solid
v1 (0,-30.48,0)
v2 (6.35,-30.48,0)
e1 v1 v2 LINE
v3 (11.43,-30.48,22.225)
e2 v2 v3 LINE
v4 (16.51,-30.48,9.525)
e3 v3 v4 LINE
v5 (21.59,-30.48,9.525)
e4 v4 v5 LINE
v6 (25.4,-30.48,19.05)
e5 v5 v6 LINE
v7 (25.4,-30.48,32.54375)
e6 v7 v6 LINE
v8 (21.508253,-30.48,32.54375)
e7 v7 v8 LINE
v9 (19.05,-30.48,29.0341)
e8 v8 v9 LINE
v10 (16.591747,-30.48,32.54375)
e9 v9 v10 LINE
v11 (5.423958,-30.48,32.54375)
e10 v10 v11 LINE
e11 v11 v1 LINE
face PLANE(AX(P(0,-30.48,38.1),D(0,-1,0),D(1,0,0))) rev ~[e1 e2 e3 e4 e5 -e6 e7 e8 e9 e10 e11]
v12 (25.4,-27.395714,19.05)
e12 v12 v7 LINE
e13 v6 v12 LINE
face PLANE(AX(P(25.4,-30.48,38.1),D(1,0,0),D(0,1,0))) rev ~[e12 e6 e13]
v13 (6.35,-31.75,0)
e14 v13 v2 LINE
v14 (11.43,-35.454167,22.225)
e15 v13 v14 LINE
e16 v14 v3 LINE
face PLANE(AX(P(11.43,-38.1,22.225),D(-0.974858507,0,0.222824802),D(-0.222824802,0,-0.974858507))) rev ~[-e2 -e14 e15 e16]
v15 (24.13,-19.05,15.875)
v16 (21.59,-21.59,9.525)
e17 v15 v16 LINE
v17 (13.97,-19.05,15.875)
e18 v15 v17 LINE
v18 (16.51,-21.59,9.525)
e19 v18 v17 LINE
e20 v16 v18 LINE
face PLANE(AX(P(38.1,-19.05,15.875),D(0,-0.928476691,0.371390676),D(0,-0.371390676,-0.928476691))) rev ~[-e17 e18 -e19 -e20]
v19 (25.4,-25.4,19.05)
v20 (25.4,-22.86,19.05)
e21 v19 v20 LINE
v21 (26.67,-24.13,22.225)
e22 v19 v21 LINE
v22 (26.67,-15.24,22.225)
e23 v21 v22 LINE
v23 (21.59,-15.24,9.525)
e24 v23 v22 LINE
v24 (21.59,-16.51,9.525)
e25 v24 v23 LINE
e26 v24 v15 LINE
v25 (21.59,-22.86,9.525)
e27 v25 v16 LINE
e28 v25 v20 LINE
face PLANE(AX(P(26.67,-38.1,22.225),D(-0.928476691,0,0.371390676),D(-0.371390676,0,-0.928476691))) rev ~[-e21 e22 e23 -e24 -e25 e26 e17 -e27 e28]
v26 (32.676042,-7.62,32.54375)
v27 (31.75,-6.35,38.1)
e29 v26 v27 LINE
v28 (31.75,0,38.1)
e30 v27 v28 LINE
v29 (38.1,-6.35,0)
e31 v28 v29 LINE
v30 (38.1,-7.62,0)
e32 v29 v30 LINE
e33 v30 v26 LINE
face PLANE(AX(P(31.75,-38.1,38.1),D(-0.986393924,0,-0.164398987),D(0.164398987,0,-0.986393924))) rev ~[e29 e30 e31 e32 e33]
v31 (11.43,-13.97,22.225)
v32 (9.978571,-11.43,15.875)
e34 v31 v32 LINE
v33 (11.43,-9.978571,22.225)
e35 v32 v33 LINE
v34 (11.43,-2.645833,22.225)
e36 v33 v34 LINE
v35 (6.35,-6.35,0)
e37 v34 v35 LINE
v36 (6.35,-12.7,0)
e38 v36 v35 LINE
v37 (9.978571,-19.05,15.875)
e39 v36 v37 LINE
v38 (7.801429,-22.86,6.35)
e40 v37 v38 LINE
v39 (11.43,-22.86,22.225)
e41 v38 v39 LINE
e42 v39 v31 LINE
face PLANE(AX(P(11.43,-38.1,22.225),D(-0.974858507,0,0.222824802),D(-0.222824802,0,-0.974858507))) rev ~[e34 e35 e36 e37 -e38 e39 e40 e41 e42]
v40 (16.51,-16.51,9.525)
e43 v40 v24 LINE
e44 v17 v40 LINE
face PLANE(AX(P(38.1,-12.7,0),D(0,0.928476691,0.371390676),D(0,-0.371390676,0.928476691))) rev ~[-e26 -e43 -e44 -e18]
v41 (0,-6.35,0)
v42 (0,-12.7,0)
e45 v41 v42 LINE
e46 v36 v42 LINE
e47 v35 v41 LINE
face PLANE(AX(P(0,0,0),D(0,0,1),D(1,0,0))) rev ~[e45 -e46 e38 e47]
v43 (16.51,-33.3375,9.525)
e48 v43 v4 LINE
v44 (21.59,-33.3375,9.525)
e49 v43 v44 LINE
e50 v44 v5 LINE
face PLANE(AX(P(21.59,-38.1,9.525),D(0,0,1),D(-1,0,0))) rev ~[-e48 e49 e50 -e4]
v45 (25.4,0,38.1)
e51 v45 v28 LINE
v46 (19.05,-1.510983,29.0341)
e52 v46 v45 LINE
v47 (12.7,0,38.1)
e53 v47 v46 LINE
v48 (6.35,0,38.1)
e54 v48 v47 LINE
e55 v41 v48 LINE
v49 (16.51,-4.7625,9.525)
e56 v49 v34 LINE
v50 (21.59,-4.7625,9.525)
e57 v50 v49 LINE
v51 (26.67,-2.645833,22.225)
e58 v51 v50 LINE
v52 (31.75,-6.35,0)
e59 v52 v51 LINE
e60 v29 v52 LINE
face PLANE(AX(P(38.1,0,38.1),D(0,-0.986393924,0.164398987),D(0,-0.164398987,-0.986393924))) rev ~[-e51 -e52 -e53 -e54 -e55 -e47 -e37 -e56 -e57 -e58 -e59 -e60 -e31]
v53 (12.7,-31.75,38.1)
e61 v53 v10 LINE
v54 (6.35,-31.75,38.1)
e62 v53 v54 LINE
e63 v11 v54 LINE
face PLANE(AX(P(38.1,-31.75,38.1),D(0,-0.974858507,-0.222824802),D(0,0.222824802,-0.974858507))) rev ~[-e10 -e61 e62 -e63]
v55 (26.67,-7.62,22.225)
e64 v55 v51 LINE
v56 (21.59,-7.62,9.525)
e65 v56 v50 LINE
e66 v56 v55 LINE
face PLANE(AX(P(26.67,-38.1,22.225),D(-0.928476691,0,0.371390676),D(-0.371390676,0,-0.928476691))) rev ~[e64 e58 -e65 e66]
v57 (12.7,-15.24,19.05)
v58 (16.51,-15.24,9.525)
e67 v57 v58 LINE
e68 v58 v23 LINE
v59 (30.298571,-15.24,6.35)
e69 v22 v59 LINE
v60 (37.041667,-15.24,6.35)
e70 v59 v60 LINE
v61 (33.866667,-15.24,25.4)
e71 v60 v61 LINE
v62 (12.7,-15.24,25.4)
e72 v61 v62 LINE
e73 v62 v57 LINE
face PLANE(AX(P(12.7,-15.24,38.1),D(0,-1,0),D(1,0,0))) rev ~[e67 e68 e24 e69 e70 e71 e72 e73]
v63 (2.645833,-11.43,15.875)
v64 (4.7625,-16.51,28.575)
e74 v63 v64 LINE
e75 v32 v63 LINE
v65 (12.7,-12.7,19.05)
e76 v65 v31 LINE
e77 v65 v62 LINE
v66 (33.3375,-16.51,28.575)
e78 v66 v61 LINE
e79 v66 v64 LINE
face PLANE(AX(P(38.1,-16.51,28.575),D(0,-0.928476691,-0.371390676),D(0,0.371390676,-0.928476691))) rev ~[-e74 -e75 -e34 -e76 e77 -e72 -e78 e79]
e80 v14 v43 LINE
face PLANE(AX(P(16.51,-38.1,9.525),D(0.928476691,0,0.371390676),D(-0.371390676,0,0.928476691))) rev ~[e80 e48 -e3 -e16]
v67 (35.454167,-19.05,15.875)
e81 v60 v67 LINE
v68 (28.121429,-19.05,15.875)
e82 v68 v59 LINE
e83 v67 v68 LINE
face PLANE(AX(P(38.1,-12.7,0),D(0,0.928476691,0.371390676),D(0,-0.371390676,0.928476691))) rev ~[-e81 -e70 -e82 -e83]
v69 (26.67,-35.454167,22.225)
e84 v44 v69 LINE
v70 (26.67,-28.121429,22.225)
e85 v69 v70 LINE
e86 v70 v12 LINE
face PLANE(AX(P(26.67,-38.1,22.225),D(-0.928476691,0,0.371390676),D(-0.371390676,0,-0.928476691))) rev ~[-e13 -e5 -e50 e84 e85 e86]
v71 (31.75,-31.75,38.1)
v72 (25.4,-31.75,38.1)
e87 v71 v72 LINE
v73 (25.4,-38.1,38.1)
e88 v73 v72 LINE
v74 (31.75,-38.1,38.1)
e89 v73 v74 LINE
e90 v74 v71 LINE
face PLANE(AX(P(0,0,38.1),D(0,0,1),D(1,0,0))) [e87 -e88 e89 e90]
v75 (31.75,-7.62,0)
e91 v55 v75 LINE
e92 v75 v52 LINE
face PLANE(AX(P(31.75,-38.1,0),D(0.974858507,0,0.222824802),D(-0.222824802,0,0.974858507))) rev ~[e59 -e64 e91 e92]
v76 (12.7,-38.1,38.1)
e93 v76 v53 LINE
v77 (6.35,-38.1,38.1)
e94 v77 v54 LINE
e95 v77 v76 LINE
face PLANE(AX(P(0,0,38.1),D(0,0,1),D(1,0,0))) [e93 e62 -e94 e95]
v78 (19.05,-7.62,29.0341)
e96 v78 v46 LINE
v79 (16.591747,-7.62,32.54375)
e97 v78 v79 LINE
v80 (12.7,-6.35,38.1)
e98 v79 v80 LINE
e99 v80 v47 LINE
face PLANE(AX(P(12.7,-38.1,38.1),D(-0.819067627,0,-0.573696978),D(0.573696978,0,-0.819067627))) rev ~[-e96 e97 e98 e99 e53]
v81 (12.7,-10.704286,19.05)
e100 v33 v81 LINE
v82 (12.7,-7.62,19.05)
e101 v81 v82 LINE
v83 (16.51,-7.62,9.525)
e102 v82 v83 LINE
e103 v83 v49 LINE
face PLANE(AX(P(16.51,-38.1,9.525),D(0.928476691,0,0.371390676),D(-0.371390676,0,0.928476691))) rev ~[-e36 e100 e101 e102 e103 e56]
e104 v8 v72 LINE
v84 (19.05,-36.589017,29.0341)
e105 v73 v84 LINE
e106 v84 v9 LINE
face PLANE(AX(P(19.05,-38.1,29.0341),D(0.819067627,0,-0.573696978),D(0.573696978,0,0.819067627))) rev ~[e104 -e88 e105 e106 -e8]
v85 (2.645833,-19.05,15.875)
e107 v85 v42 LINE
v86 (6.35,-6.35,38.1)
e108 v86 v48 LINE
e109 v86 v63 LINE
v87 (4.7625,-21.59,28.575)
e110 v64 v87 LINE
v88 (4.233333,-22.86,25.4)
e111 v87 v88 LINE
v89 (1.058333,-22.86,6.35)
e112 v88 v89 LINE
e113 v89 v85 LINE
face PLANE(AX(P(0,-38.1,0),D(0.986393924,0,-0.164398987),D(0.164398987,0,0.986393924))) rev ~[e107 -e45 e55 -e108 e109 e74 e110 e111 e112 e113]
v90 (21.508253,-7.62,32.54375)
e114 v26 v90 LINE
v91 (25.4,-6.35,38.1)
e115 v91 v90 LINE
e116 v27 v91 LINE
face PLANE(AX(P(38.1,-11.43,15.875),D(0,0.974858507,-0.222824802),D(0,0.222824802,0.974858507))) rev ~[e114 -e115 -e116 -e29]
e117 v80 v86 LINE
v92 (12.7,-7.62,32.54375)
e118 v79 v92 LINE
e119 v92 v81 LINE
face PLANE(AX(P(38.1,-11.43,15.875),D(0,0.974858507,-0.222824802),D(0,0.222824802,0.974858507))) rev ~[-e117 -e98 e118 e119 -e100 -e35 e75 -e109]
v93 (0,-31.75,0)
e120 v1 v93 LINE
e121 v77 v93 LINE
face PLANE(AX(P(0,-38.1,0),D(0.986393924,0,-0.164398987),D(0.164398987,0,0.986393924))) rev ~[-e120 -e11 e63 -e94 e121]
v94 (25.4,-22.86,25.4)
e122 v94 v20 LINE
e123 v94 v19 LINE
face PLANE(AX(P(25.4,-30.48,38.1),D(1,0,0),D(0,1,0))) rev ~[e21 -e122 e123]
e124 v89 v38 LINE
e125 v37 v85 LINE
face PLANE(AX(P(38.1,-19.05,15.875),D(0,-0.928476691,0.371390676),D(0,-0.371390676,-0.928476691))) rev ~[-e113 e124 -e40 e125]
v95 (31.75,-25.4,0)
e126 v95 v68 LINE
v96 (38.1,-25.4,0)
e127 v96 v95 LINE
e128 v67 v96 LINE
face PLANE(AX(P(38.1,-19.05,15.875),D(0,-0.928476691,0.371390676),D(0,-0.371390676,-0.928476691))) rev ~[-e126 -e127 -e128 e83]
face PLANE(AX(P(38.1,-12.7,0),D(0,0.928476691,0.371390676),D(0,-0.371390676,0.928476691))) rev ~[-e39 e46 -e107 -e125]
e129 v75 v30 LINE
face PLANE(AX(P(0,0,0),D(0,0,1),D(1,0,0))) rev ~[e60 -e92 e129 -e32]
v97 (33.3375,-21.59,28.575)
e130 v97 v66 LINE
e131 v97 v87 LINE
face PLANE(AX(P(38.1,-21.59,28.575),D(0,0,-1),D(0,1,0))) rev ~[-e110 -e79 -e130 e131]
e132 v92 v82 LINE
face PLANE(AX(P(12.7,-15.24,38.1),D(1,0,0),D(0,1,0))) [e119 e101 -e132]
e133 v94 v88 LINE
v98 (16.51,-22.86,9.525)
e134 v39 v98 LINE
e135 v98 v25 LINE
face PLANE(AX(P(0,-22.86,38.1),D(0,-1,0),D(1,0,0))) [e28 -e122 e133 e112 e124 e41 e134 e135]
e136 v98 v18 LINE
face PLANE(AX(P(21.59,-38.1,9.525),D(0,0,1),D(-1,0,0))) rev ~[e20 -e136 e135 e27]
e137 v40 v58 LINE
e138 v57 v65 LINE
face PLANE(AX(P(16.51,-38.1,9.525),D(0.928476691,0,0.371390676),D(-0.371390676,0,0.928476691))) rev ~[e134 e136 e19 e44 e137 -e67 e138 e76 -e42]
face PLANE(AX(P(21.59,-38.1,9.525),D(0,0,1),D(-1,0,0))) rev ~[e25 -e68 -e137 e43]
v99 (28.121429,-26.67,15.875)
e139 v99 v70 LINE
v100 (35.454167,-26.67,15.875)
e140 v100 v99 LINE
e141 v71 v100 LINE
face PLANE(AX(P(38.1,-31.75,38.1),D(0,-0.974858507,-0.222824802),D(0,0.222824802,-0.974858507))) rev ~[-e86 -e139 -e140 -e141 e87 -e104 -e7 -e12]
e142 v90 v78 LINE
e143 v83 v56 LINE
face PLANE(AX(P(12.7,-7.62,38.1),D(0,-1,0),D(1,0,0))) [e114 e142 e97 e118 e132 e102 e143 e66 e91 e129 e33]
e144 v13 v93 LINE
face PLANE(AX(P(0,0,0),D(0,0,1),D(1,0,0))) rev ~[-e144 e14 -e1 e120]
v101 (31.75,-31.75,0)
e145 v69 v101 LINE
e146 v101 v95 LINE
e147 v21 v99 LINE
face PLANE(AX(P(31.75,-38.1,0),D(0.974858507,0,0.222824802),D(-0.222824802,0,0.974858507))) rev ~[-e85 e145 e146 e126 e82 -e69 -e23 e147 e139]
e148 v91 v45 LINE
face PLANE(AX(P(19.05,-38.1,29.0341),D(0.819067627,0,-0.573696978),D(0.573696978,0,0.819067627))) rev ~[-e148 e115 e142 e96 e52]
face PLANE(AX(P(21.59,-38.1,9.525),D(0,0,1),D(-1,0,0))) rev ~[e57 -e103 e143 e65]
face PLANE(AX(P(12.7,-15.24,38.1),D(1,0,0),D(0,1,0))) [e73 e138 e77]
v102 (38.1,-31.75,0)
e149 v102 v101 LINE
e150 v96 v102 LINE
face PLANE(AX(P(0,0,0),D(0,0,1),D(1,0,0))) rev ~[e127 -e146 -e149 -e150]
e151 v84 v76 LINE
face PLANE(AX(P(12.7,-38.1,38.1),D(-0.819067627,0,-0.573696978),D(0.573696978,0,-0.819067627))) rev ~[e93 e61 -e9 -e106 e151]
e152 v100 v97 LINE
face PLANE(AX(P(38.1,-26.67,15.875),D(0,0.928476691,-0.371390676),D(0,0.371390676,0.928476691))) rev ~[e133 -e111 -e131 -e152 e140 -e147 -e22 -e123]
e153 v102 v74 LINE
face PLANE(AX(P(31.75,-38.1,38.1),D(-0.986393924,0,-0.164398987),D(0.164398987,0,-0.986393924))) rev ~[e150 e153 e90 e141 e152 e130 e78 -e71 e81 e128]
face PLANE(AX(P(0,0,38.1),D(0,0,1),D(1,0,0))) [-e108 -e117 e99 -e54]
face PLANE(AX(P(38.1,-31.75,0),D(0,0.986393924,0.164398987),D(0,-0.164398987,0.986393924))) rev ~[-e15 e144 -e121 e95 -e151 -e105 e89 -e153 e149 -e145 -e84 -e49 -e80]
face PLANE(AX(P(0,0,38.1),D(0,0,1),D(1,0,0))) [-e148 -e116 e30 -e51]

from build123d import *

# Parameters (mm, degrees)
F0_W      = 38.1
F0_H      = 38.1
F1_DEPTH  = 38.1
F6_DEPTH  = 38.1
F8_DEPTH  = 38.1
F9_W      = 25.4
F9_H      = 7.62
F10_DEPTH = 38.1


with BuildPart() as f1:
    # F0 (on Front) → F1 (new body)
    with BuildSketch(Plane.XZ):
        with Locations((19.05, 19.05)):
            Rectangle(F0_W, F0_H)
    extrude(amount=F1_DEPTH)

    # F5 (on offset) → F6 (cut)
    with BuildSketch(Plane.YZ.offset(38.1)):
        Polygon((-11.43, 15.875), (-6.35, 38.1), (-31.75, 38.1), (-26.67, 15.875), (-21.59, 28.575), (-16.51, 28.575), align=None)
        Polygon((-25.4, 0), (-12.7, 0), (-19.05, 15.875), align=None)
        Polygon((-6.35, 0), (0, 0), (0, 38.1), align=None)
        Polygon((-31.75, 0), (-38.1, 38.1), (-38.1, 0), align=None)
    extrude(amount=-F6_DEPTH, mode=Mode.SUBTRACT)

    # F7 (on offset) → F8 (cut)
    with BuildSketch(Plane.XZ.offset(38.1)):
        Polygon((0, 38.1), (0, 0), (6.35, 38.1), align=None)
        Polygon((25.4, 38.1), (12.7, 38.1), (19.05, 29.0341), align=None)
        Polygon((31.75, 38.1), (38.1, 0), (38.1, 38.1), align=None)
        Polygon((11.43, 22.225), (6.35, 0), (31.75, 0), (26.67, 22.225), (21.59, 9.525), (16.51, 9.525), align=None)
    extrude(amount=-F8_DEPTH, mode=Mode.SUBTRACT)

    # F9 (on offset) → F10 (cut)
    with BuildSketch(Plane.XY.offset(38.1)):
        with Locations((25.4, -11.43)):
            Rectangle(F9_W, F9_H)
        with Locations((12.7, -26.67)):
            Rectangle(F9_W, F9_H)
    extrude(amount=-F10_DEPTH, mode=Mode.SUBTRACT)


solid = f1.part
